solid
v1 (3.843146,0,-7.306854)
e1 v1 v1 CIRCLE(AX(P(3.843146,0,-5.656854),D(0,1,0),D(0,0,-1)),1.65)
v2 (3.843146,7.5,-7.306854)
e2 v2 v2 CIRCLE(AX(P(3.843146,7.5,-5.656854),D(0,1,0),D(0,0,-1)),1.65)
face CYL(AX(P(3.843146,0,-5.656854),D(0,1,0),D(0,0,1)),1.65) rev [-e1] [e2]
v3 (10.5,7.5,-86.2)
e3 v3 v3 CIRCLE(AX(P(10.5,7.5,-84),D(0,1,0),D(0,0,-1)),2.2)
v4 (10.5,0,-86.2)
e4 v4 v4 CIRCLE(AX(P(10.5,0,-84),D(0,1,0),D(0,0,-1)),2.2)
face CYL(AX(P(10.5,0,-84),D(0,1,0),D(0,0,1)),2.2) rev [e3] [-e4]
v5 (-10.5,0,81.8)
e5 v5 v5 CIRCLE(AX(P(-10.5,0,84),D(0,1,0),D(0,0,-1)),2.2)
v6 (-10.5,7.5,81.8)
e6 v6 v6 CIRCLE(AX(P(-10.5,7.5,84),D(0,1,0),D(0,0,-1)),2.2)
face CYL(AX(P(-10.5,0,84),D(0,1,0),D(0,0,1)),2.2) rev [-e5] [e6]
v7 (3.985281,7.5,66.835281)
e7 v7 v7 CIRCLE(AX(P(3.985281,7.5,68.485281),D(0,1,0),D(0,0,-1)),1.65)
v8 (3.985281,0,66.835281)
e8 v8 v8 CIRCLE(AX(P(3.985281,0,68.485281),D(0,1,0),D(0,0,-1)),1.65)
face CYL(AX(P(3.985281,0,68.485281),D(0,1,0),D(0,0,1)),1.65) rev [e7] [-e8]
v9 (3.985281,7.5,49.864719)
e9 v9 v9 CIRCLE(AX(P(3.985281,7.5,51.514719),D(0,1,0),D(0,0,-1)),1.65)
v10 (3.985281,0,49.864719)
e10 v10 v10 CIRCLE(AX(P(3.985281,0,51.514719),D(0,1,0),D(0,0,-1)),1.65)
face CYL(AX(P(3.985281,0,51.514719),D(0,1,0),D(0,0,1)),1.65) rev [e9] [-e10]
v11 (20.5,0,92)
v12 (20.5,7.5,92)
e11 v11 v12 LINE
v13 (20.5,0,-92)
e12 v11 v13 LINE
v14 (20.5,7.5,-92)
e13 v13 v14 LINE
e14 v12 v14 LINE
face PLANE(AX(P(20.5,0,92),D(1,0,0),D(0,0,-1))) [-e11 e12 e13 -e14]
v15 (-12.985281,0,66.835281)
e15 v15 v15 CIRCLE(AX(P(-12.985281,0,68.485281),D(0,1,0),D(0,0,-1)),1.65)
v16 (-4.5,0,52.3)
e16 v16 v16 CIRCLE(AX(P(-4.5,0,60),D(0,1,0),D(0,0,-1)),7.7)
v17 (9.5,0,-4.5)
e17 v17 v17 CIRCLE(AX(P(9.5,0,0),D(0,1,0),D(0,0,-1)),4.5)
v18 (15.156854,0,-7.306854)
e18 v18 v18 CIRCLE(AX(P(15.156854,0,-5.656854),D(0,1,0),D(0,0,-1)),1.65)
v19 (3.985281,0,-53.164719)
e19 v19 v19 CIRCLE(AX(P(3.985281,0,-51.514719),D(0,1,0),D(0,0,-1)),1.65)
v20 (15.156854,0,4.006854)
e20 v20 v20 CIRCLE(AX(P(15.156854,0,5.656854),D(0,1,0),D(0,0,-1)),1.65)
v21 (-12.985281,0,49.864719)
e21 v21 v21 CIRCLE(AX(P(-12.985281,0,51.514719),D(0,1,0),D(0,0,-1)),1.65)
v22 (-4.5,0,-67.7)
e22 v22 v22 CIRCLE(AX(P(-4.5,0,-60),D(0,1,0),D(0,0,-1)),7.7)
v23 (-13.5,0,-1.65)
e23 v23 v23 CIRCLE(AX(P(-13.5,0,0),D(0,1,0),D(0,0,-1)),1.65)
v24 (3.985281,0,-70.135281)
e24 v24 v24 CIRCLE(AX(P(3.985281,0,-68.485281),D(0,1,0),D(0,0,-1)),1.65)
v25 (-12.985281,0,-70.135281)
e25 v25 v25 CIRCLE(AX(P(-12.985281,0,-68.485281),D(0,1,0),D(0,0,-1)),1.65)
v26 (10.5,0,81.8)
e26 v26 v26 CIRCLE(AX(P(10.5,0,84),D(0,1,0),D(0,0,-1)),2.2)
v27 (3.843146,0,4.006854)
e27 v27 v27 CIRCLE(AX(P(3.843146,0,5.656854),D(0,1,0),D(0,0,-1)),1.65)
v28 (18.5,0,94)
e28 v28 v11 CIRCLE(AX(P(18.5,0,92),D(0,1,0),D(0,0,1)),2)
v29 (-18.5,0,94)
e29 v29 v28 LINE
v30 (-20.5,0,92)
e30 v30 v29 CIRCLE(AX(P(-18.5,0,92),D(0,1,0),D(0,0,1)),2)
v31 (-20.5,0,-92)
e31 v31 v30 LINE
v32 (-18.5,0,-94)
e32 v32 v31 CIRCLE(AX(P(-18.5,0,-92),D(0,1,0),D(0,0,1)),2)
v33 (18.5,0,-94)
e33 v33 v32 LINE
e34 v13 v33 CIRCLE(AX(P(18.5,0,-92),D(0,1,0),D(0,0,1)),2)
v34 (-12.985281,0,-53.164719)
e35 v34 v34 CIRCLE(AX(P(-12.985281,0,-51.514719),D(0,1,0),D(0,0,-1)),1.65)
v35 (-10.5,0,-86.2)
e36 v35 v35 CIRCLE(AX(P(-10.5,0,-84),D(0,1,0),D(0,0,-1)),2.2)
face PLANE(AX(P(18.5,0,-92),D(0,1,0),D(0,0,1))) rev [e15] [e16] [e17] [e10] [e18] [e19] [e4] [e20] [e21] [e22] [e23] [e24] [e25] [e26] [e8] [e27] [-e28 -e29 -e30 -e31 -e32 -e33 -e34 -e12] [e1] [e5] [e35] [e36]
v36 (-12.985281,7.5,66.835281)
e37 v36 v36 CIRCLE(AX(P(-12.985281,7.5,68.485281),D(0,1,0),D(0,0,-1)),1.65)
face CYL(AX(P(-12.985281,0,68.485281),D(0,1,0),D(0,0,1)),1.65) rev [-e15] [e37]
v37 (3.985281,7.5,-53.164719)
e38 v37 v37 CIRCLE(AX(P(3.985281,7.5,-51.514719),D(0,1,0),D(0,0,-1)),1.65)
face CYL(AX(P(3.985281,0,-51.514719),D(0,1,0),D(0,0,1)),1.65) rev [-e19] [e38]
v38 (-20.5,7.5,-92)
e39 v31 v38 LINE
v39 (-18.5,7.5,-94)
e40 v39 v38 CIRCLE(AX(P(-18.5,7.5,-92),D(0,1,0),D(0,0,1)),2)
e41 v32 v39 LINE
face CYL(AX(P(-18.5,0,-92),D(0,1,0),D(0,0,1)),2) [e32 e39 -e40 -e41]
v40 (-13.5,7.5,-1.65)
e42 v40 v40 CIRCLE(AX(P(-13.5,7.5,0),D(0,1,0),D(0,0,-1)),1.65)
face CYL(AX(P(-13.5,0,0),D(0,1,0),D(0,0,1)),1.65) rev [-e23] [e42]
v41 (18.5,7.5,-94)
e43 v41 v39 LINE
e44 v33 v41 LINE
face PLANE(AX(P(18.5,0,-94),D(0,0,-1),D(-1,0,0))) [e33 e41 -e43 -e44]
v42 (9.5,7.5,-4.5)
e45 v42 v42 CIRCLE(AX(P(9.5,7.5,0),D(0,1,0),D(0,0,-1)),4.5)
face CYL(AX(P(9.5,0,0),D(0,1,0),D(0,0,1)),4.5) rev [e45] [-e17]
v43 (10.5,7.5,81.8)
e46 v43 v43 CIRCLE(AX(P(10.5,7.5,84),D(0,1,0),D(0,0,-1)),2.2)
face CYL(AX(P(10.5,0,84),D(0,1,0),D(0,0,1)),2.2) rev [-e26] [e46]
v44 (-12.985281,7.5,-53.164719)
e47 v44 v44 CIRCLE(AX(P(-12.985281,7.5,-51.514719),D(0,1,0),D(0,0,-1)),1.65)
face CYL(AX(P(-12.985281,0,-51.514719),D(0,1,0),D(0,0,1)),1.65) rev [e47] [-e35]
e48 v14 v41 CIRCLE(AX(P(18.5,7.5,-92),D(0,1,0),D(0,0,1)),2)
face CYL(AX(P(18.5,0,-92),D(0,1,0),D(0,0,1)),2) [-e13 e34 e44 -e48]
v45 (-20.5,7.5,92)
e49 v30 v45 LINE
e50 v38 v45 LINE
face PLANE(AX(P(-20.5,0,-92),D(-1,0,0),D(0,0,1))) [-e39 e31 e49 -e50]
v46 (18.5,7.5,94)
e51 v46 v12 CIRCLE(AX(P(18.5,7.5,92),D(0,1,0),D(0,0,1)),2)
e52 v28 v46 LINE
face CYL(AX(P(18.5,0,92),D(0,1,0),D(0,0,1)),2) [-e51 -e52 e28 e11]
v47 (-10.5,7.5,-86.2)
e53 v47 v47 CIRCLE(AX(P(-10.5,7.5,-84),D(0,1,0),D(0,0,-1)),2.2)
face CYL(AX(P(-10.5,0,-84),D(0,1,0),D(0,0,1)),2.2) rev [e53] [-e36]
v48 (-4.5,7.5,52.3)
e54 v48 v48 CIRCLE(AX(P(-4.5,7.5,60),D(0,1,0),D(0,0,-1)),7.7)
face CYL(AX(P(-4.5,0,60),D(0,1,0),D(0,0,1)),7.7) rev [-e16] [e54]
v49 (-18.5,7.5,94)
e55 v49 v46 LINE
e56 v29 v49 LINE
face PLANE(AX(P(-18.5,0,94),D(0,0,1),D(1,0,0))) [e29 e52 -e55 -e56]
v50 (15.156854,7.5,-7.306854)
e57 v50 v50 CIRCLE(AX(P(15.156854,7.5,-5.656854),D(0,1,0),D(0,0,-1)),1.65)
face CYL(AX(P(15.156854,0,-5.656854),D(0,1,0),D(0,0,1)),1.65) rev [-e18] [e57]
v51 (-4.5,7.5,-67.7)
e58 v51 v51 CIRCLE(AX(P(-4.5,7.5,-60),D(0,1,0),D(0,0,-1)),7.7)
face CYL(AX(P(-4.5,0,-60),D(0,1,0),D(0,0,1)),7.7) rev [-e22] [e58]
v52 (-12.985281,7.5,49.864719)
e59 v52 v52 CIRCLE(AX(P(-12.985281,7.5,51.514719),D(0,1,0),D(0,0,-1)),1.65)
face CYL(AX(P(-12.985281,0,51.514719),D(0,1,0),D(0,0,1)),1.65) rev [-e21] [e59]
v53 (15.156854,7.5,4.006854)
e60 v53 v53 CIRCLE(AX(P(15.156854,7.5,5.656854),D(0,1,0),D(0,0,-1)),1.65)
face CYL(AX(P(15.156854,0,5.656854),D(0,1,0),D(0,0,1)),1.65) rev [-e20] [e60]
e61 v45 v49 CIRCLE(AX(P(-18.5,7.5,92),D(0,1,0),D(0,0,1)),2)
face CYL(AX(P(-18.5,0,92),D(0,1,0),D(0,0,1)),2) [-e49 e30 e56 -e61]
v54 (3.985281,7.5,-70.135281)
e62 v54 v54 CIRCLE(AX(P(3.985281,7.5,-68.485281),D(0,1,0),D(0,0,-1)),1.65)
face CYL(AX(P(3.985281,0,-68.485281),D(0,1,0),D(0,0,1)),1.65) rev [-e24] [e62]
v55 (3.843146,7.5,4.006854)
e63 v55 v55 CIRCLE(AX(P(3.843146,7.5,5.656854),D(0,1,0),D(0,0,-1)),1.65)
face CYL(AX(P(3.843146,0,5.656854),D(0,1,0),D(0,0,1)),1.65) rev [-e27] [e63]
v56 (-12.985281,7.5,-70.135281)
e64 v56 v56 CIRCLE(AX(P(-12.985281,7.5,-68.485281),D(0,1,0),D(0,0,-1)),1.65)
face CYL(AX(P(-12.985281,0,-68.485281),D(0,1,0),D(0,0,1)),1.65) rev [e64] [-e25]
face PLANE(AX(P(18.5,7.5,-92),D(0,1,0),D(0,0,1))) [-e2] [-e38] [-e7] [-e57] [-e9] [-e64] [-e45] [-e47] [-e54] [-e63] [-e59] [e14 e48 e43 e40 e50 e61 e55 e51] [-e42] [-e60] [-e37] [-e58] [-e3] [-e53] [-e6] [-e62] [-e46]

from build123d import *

# Parameters (mm, degrees)
SKETCH1_R           = 2.2
SKETCH1_R_2         = 1.65
SKETCH1_R_3         = 7.7
SKETCH1_R_4         = 4.5
BOSS_EXTRUDE1_DEPTH = 7.5


with BuildPart() as part:
    # Sketch1 → Boss-Extrude1 (new body)
    with BuildSketch(Plane(origin=(0, 7.5, 0), x_dir=(1, 0, 0), z_dir=(0, 1, 0))):
        with BuildLine():
            Line((18.5, 94), (-18.5, 94))
            ThreePointArc((-18.5, 94), (-19.914213562, 93.414213562), (-20.5, 92))
            Line((-20.5, 92), (-20.5, -92))
            ThreePointArc((-20.5, -92), (-19.914213562, -93.414213562), (-18.5, -94))
            Line((-18.5, -94), (18.5, -94))
            ThreePointArc((18.5, -94), (19.914213562, -93.414213562), (20.5, -92))
            Line((20.5, -92), (20.5, 92))
            ThreePointArc((20.5, 92), (19.914213562, 93.414213562), (18.5, 94))
        make_face()
        with Locations((10.5, 84)):
            Circle(SKETCH1_R, mode=Mode.SUBTRACT)
        with Locations((-10.5, 84)):
            Circle(SKETCH1_R, mode=Mode.SUBTRACT)
        with Locations((10.5, -84)):
            Circle(SKETCH1_R, mode=Mode.SUBTRACT)
        with Locations((-10.5, -84)):
            Circle(SKETCH1_R, mode=Mode.SUBTRACT)
        with Locations((3.985281374, 51.514718626)):
            Circle(SKETCH1_R_2, mode=Mode.SUBTRACT)
        with Locations((15.156854249, 5.656854249)):
            Circle(SKETCH1_R_2, mode=Mode.SUBTRACT)
        with Locations((-12.985281374, -68.485281374)):
            Circle(SKETCH1_R_2, mode=Mode.SUBTRACT)
        with Locations((3.985281374, -68.485281374)):
            Circle(SKETCH1_R_2, mode=Mode.SUBTRACT)
        with Locations((-4.5, -60)):
            Circle(SKETCH1_R_3, mode=Mode.SUBTRACT)
        with Locations((9.5, 0)):
            Circle(SKETCH1_R_4, mode=Mode.SUBTRACT)
        with Locations((-12.985281374, -51.514718626)):
            Circle(SKETCH1_R_2, mode=Mode.SUBTRACT)
        with Locations((3.985281374, -51.514718626)):
            Circle(SKETCH1_R_2, mode=Mode.SUBTRACT)
        with Locations((3.985281374, 68.485281374)):
            Circle(SKETCH1_R_2, mode=Mode.SUBTRACT)
        with Locations((-12.985281374, 68.485281374)):
            Circle(SKETCH1_R_2, mode=Mode.SUBTRACT)
        with Locations((-12.985281374, 51.514718626)):
            Circle(SKETCH1_R_2, mode=Mode.SUBTRACT)
        with Locations((3.843145751, 5.656854249)):
            Circle(SKETCH1_R_2, mode=Mode.SUBTRACT)
        with Locations((3.843145751, -5.656854249)):
            Circle(SKETCH1_R_2, mode=Mode.SUBTRACT)
        with Locations((15.156854249, -5.656854249)):
            Circle(SKETCH1_R_2, mode=Mode.SUBTRACT)
        with Locations((-13.5, 0)):
            Circle(SKETCH1_R_2, mode=Mode.SUBTRACT)
        with Locations((-4.5, 60)):
            Circle(SKETCH1_R_3, mode=Mode.SUBTRACT)
    extrude(amount=-BOSS_EXTRUDE1_DEPTH)


solid = part.part
